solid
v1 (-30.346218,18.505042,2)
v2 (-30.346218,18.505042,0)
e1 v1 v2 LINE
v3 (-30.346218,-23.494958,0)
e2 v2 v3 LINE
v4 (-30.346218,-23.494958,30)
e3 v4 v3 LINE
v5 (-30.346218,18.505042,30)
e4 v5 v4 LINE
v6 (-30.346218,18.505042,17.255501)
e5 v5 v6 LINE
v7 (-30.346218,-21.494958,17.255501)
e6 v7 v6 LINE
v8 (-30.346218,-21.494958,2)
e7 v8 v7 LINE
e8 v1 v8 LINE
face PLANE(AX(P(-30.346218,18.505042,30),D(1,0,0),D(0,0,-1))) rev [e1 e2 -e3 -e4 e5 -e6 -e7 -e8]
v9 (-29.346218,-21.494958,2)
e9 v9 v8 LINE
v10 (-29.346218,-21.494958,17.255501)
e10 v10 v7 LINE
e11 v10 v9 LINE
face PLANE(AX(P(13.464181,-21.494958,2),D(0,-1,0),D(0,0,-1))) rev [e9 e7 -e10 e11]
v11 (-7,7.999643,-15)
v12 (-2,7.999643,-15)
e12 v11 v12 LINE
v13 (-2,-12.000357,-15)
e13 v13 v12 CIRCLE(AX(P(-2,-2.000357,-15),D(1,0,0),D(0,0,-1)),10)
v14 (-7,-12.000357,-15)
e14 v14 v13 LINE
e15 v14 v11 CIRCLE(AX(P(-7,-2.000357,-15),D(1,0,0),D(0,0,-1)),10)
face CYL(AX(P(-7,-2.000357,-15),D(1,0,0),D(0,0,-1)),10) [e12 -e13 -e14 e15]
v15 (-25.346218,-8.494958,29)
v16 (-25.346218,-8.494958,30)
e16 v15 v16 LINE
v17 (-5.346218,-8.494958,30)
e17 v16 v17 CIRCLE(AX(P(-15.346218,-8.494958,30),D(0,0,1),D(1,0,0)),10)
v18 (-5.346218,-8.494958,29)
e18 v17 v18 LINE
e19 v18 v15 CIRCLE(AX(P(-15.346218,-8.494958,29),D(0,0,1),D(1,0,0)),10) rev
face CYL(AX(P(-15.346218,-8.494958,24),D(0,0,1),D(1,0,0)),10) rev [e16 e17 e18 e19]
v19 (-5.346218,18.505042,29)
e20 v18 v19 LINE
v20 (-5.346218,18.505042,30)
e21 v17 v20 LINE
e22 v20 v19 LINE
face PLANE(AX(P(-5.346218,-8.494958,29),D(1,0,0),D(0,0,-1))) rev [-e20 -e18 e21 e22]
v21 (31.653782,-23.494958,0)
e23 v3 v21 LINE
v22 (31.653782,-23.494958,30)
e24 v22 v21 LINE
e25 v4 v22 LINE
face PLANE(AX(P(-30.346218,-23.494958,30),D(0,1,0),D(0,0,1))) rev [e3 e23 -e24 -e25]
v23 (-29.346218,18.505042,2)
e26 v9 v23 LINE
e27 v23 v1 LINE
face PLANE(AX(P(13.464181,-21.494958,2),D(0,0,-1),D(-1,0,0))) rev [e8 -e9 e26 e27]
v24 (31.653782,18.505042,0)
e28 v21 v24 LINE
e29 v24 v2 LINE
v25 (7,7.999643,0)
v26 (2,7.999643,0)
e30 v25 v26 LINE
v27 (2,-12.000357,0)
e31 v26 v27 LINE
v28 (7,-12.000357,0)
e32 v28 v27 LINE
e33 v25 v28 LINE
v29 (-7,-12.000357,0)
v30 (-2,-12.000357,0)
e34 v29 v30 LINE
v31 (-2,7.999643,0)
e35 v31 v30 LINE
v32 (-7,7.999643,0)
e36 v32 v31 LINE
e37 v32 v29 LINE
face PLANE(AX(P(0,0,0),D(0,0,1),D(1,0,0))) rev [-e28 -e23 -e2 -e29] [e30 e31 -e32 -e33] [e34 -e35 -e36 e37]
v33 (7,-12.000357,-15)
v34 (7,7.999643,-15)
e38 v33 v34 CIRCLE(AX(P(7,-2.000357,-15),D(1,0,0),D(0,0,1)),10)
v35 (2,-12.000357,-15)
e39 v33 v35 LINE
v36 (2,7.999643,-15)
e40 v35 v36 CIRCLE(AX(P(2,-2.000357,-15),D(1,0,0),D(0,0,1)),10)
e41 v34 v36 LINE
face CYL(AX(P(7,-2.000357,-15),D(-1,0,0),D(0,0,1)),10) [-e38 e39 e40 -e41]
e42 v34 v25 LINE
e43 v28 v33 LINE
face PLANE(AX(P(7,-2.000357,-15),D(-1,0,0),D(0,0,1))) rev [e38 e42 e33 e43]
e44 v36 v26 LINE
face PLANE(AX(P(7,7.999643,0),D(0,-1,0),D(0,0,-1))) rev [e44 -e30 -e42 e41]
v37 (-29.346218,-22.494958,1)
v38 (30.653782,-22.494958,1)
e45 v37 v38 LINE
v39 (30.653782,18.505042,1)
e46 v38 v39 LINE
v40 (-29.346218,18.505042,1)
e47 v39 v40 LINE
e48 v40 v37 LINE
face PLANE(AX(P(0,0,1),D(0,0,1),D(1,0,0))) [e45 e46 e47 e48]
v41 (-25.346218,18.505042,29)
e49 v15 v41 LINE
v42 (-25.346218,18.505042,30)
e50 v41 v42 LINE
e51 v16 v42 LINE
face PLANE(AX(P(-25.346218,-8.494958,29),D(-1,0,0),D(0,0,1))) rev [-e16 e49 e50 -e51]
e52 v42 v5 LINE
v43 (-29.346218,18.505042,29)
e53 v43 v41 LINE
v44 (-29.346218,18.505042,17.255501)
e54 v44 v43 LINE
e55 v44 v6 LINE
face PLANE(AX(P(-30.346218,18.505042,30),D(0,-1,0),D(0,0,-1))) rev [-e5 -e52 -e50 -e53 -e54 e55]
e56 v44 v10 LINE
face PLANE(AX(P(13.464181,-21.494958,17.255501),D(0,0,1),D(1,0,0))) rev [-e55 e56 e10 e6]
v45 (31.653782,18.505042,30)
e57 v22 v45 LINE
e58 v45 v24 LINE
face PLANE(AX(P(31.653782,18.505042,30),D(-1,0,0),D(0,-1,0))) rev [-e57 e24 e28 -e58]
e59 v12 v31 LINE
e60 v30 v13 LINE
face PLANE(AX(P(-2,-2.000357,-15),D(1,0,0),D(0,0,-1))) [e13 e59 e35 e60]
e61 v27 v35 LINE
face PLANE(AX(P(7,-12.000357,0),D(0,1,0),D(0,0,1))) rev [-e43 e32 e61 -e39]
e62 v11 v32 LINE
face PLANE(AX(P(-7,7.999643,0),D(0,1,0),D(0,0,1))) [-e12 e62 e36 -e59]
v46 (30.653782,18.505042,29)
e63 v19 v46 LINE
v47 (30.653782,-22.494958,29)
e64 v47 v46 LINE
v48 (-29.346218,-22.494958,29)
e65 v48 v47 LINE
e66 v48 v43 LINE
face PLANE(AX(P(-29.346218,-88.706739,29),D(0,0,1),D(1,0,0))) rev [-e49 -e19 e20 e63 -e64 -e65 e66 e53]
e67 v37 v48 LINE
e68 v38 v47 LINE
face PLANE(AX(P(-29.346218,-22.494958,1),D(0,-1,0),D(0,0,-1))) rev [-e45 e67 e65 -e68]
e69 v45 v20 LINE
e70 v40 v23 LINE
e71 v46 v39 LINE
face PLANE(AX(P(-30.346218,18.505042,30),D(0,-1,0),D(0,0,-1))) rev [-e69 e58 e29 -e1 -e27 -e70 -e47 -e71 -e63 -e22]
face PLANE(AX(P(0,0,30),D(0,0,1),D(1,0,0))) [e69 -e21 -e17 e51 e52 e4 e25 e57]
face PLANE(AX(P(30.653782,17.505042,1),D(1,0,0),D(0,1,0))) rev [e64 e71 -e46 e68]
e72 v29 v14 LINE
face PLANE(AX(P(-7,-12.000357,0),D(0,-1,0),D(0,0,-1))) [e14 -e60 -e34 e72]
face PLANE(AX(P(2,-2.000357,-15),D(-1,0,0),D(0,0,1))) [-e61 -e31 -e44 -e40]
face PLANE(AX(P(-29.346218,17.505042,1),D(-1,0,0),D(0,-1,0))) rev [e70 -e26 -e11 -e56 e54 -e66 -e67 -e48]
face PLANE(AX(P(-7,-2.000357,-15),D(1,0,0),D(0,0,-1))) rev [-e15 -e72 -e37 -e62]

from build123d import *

# Parameters (mm, degrees)
SKETCH1_W           = 62
SKETCH1_H           = 42
BOSS_EXTRUDE1_DEPTH = 30
SKETCH2_R           = 10
CUT_EXTRUDE1_DEPTH  = 6
CUT_EXTRUDE2_START  = -2
SKETCH3_W           = 60
SKETCH3_H           = 40
CUT_EXTRUDE2_DEPTH  = 27
CUT_EXTRUDE3_REACH  = 62.547
SKETCH4_W           = 60
SKETCH4_H           = 28
SKETCH5_W           = 20
SKETCH5_H           = 1
CUT_EXTRUDE4_DEPTH  = 27
BOSS_EXTRUDE2_START = 2
BOSS_EXTRUDE2_DEPTH = 5
BOSS_EXTRUDE3_START = -7
BOSS_EXTRUDE3_DEPTH = 5
SKETCH10_W          = 15.255500618
SKETCH10_H          = 40
CUT_EXTRUDE5_DEPTH  = 1


with BuildPart() as part:
    # Sketch1 → Boss-Extrude1 (new body)
    with BuildSketch(Plane.XY):
        with Locations((0.653781513, -2.494957983)):
            Rectangle(SKETCH1_W, SKETCH1_H)
    extrude(amount=BOSS_EXTRUDE1_DEPTH)

    # Sketch2 → Cut-Extrude1 (cut)
    with BuildSketch(Plane.XY.offset(30)):
        with Locations((-15.346218487, -8.494957983)):
            Circle(SKETCH2_R)
    extrude(amount=-CUT_EXTRUDE1_DEPTH, mode=Mode.SUBTRACT)

    # Sketch3 → Cut-Extrude2 (cut)
    with BuildSketch(Plane.XY.offset(30).offset(CUT_EXTRUDE2_START)):
        with Locations((0.653781513, -2.494957983)):
            Rectangle(SKETCH3_W, SKETCH3_H)
    extrude(amount=-CUT_EXTRUDE2_DEPTH, mode=Mode.SUBTRACT)

    # Cut-Extrude3: up to this face of the body (flat: up to its plane)
    cut_extrude3_end = Plane(part.part.faces().sort_by_distance((0.653781513, -22.494957983, 14.5))[0])
    # Sketch4 → Cut-Extrude3 (cut, up to the picked face)
    with BuildSketch(Plane(origin=(0, 18.505042017, 0), x_dir=(1, 0, 0), z_dir=(0, 1, 0)), mode=Mode.PRIVATE) as cut_extrude3_sk1:
        with Locations((0.653781513, -15)):
            Rectangle(SKETCH4_W, SKETCH4_H)
    cut_extrude3_tool1 = split(extrude(cut_extrude3_sk1.sketch, amount=-CUT_EXTRUDE3_REACH, mode=Mode.PRIVATE), bisect_by=cut_extrude3_end, keep=Keep.BOTH, mode=Mode.PRIVATE)
    add(cut_extrude3_tool1.solids().sort_by(Axis((0.653782, 18.505042, 15), (0, -1, 0)))[0], mode=Mode.SUBTRACT)

    # Sketch5 → Cut-Extrude4 (cut)
    with BuildSketch(Plane(origin=(0, 18.505042017, 0), x_dir=(1, 0, 0), z_dir=(0, 1, 0))):
        with Locations((-15.346218487, -29.5)):
            Rectangle(SKETCH5_W, SKETCH5_H)
    extrude(amount=-CUT_EXTRUDE4_DEPTH, mode=Mode.SUBTRACT)

    # Sketch7 → Boss-Extrude2 (add)
    with BuildSketch(Plane(origin=(0, 0, 0), x_dir=(0, 0, -1), z_dir=(1, 0, 0)).offset(BOSS_EXTRUDE2_START)):
        with BuildLine():
            Line((0, 7.999642933), (15, 7.999642933))
            ThreePointArc((15, 7.999642933), (25, -2.000357067), (15, -12.000357067))
            Line((15, -12.000357067), (0, -12.000357067))
            Line((0, -12.000357067), (0, 7.999642933))
        make_face()
    extrude(amount=BOSS_EXTRUDE2_DEPTH)

    # Sketch8 → Boss-Extrude3 (add)
    with BuildSketch(Plane(origin=(0, 0, 0), x_dir=(0, 0, -1), z_dir=(1, 0, 0)).offset(BOSS_EXTRUDE3_START)):
        with BuildLine():
            Line((0, -12.000357067), (0, 7.999642933))
            Line((0, 7.999642933), (15, 7.999642933))
            ThreePointArc((15, 7.999642933), (25, -2.000357067), (15, -12.000357067))
            Line((15, -12.000357067), (0, -12.000357067))
        make_face()
    extrude(amount=BOSS_EXTRUDE3_DEPTH)

    # Sketch10 → Cut-Extrude5 (cut)
    with BuildSketch(Plane.ZY.offset(30.346218487)):
        with Locations((9.627750309, -1.494957983)):
            Rectangle(SKETCH10_W, SKETCH10_H)
    extrude(amount=-CUT_EXTRUDE5_DEPTH, mode=Mode.SUBTRACT)


solid = part.part
